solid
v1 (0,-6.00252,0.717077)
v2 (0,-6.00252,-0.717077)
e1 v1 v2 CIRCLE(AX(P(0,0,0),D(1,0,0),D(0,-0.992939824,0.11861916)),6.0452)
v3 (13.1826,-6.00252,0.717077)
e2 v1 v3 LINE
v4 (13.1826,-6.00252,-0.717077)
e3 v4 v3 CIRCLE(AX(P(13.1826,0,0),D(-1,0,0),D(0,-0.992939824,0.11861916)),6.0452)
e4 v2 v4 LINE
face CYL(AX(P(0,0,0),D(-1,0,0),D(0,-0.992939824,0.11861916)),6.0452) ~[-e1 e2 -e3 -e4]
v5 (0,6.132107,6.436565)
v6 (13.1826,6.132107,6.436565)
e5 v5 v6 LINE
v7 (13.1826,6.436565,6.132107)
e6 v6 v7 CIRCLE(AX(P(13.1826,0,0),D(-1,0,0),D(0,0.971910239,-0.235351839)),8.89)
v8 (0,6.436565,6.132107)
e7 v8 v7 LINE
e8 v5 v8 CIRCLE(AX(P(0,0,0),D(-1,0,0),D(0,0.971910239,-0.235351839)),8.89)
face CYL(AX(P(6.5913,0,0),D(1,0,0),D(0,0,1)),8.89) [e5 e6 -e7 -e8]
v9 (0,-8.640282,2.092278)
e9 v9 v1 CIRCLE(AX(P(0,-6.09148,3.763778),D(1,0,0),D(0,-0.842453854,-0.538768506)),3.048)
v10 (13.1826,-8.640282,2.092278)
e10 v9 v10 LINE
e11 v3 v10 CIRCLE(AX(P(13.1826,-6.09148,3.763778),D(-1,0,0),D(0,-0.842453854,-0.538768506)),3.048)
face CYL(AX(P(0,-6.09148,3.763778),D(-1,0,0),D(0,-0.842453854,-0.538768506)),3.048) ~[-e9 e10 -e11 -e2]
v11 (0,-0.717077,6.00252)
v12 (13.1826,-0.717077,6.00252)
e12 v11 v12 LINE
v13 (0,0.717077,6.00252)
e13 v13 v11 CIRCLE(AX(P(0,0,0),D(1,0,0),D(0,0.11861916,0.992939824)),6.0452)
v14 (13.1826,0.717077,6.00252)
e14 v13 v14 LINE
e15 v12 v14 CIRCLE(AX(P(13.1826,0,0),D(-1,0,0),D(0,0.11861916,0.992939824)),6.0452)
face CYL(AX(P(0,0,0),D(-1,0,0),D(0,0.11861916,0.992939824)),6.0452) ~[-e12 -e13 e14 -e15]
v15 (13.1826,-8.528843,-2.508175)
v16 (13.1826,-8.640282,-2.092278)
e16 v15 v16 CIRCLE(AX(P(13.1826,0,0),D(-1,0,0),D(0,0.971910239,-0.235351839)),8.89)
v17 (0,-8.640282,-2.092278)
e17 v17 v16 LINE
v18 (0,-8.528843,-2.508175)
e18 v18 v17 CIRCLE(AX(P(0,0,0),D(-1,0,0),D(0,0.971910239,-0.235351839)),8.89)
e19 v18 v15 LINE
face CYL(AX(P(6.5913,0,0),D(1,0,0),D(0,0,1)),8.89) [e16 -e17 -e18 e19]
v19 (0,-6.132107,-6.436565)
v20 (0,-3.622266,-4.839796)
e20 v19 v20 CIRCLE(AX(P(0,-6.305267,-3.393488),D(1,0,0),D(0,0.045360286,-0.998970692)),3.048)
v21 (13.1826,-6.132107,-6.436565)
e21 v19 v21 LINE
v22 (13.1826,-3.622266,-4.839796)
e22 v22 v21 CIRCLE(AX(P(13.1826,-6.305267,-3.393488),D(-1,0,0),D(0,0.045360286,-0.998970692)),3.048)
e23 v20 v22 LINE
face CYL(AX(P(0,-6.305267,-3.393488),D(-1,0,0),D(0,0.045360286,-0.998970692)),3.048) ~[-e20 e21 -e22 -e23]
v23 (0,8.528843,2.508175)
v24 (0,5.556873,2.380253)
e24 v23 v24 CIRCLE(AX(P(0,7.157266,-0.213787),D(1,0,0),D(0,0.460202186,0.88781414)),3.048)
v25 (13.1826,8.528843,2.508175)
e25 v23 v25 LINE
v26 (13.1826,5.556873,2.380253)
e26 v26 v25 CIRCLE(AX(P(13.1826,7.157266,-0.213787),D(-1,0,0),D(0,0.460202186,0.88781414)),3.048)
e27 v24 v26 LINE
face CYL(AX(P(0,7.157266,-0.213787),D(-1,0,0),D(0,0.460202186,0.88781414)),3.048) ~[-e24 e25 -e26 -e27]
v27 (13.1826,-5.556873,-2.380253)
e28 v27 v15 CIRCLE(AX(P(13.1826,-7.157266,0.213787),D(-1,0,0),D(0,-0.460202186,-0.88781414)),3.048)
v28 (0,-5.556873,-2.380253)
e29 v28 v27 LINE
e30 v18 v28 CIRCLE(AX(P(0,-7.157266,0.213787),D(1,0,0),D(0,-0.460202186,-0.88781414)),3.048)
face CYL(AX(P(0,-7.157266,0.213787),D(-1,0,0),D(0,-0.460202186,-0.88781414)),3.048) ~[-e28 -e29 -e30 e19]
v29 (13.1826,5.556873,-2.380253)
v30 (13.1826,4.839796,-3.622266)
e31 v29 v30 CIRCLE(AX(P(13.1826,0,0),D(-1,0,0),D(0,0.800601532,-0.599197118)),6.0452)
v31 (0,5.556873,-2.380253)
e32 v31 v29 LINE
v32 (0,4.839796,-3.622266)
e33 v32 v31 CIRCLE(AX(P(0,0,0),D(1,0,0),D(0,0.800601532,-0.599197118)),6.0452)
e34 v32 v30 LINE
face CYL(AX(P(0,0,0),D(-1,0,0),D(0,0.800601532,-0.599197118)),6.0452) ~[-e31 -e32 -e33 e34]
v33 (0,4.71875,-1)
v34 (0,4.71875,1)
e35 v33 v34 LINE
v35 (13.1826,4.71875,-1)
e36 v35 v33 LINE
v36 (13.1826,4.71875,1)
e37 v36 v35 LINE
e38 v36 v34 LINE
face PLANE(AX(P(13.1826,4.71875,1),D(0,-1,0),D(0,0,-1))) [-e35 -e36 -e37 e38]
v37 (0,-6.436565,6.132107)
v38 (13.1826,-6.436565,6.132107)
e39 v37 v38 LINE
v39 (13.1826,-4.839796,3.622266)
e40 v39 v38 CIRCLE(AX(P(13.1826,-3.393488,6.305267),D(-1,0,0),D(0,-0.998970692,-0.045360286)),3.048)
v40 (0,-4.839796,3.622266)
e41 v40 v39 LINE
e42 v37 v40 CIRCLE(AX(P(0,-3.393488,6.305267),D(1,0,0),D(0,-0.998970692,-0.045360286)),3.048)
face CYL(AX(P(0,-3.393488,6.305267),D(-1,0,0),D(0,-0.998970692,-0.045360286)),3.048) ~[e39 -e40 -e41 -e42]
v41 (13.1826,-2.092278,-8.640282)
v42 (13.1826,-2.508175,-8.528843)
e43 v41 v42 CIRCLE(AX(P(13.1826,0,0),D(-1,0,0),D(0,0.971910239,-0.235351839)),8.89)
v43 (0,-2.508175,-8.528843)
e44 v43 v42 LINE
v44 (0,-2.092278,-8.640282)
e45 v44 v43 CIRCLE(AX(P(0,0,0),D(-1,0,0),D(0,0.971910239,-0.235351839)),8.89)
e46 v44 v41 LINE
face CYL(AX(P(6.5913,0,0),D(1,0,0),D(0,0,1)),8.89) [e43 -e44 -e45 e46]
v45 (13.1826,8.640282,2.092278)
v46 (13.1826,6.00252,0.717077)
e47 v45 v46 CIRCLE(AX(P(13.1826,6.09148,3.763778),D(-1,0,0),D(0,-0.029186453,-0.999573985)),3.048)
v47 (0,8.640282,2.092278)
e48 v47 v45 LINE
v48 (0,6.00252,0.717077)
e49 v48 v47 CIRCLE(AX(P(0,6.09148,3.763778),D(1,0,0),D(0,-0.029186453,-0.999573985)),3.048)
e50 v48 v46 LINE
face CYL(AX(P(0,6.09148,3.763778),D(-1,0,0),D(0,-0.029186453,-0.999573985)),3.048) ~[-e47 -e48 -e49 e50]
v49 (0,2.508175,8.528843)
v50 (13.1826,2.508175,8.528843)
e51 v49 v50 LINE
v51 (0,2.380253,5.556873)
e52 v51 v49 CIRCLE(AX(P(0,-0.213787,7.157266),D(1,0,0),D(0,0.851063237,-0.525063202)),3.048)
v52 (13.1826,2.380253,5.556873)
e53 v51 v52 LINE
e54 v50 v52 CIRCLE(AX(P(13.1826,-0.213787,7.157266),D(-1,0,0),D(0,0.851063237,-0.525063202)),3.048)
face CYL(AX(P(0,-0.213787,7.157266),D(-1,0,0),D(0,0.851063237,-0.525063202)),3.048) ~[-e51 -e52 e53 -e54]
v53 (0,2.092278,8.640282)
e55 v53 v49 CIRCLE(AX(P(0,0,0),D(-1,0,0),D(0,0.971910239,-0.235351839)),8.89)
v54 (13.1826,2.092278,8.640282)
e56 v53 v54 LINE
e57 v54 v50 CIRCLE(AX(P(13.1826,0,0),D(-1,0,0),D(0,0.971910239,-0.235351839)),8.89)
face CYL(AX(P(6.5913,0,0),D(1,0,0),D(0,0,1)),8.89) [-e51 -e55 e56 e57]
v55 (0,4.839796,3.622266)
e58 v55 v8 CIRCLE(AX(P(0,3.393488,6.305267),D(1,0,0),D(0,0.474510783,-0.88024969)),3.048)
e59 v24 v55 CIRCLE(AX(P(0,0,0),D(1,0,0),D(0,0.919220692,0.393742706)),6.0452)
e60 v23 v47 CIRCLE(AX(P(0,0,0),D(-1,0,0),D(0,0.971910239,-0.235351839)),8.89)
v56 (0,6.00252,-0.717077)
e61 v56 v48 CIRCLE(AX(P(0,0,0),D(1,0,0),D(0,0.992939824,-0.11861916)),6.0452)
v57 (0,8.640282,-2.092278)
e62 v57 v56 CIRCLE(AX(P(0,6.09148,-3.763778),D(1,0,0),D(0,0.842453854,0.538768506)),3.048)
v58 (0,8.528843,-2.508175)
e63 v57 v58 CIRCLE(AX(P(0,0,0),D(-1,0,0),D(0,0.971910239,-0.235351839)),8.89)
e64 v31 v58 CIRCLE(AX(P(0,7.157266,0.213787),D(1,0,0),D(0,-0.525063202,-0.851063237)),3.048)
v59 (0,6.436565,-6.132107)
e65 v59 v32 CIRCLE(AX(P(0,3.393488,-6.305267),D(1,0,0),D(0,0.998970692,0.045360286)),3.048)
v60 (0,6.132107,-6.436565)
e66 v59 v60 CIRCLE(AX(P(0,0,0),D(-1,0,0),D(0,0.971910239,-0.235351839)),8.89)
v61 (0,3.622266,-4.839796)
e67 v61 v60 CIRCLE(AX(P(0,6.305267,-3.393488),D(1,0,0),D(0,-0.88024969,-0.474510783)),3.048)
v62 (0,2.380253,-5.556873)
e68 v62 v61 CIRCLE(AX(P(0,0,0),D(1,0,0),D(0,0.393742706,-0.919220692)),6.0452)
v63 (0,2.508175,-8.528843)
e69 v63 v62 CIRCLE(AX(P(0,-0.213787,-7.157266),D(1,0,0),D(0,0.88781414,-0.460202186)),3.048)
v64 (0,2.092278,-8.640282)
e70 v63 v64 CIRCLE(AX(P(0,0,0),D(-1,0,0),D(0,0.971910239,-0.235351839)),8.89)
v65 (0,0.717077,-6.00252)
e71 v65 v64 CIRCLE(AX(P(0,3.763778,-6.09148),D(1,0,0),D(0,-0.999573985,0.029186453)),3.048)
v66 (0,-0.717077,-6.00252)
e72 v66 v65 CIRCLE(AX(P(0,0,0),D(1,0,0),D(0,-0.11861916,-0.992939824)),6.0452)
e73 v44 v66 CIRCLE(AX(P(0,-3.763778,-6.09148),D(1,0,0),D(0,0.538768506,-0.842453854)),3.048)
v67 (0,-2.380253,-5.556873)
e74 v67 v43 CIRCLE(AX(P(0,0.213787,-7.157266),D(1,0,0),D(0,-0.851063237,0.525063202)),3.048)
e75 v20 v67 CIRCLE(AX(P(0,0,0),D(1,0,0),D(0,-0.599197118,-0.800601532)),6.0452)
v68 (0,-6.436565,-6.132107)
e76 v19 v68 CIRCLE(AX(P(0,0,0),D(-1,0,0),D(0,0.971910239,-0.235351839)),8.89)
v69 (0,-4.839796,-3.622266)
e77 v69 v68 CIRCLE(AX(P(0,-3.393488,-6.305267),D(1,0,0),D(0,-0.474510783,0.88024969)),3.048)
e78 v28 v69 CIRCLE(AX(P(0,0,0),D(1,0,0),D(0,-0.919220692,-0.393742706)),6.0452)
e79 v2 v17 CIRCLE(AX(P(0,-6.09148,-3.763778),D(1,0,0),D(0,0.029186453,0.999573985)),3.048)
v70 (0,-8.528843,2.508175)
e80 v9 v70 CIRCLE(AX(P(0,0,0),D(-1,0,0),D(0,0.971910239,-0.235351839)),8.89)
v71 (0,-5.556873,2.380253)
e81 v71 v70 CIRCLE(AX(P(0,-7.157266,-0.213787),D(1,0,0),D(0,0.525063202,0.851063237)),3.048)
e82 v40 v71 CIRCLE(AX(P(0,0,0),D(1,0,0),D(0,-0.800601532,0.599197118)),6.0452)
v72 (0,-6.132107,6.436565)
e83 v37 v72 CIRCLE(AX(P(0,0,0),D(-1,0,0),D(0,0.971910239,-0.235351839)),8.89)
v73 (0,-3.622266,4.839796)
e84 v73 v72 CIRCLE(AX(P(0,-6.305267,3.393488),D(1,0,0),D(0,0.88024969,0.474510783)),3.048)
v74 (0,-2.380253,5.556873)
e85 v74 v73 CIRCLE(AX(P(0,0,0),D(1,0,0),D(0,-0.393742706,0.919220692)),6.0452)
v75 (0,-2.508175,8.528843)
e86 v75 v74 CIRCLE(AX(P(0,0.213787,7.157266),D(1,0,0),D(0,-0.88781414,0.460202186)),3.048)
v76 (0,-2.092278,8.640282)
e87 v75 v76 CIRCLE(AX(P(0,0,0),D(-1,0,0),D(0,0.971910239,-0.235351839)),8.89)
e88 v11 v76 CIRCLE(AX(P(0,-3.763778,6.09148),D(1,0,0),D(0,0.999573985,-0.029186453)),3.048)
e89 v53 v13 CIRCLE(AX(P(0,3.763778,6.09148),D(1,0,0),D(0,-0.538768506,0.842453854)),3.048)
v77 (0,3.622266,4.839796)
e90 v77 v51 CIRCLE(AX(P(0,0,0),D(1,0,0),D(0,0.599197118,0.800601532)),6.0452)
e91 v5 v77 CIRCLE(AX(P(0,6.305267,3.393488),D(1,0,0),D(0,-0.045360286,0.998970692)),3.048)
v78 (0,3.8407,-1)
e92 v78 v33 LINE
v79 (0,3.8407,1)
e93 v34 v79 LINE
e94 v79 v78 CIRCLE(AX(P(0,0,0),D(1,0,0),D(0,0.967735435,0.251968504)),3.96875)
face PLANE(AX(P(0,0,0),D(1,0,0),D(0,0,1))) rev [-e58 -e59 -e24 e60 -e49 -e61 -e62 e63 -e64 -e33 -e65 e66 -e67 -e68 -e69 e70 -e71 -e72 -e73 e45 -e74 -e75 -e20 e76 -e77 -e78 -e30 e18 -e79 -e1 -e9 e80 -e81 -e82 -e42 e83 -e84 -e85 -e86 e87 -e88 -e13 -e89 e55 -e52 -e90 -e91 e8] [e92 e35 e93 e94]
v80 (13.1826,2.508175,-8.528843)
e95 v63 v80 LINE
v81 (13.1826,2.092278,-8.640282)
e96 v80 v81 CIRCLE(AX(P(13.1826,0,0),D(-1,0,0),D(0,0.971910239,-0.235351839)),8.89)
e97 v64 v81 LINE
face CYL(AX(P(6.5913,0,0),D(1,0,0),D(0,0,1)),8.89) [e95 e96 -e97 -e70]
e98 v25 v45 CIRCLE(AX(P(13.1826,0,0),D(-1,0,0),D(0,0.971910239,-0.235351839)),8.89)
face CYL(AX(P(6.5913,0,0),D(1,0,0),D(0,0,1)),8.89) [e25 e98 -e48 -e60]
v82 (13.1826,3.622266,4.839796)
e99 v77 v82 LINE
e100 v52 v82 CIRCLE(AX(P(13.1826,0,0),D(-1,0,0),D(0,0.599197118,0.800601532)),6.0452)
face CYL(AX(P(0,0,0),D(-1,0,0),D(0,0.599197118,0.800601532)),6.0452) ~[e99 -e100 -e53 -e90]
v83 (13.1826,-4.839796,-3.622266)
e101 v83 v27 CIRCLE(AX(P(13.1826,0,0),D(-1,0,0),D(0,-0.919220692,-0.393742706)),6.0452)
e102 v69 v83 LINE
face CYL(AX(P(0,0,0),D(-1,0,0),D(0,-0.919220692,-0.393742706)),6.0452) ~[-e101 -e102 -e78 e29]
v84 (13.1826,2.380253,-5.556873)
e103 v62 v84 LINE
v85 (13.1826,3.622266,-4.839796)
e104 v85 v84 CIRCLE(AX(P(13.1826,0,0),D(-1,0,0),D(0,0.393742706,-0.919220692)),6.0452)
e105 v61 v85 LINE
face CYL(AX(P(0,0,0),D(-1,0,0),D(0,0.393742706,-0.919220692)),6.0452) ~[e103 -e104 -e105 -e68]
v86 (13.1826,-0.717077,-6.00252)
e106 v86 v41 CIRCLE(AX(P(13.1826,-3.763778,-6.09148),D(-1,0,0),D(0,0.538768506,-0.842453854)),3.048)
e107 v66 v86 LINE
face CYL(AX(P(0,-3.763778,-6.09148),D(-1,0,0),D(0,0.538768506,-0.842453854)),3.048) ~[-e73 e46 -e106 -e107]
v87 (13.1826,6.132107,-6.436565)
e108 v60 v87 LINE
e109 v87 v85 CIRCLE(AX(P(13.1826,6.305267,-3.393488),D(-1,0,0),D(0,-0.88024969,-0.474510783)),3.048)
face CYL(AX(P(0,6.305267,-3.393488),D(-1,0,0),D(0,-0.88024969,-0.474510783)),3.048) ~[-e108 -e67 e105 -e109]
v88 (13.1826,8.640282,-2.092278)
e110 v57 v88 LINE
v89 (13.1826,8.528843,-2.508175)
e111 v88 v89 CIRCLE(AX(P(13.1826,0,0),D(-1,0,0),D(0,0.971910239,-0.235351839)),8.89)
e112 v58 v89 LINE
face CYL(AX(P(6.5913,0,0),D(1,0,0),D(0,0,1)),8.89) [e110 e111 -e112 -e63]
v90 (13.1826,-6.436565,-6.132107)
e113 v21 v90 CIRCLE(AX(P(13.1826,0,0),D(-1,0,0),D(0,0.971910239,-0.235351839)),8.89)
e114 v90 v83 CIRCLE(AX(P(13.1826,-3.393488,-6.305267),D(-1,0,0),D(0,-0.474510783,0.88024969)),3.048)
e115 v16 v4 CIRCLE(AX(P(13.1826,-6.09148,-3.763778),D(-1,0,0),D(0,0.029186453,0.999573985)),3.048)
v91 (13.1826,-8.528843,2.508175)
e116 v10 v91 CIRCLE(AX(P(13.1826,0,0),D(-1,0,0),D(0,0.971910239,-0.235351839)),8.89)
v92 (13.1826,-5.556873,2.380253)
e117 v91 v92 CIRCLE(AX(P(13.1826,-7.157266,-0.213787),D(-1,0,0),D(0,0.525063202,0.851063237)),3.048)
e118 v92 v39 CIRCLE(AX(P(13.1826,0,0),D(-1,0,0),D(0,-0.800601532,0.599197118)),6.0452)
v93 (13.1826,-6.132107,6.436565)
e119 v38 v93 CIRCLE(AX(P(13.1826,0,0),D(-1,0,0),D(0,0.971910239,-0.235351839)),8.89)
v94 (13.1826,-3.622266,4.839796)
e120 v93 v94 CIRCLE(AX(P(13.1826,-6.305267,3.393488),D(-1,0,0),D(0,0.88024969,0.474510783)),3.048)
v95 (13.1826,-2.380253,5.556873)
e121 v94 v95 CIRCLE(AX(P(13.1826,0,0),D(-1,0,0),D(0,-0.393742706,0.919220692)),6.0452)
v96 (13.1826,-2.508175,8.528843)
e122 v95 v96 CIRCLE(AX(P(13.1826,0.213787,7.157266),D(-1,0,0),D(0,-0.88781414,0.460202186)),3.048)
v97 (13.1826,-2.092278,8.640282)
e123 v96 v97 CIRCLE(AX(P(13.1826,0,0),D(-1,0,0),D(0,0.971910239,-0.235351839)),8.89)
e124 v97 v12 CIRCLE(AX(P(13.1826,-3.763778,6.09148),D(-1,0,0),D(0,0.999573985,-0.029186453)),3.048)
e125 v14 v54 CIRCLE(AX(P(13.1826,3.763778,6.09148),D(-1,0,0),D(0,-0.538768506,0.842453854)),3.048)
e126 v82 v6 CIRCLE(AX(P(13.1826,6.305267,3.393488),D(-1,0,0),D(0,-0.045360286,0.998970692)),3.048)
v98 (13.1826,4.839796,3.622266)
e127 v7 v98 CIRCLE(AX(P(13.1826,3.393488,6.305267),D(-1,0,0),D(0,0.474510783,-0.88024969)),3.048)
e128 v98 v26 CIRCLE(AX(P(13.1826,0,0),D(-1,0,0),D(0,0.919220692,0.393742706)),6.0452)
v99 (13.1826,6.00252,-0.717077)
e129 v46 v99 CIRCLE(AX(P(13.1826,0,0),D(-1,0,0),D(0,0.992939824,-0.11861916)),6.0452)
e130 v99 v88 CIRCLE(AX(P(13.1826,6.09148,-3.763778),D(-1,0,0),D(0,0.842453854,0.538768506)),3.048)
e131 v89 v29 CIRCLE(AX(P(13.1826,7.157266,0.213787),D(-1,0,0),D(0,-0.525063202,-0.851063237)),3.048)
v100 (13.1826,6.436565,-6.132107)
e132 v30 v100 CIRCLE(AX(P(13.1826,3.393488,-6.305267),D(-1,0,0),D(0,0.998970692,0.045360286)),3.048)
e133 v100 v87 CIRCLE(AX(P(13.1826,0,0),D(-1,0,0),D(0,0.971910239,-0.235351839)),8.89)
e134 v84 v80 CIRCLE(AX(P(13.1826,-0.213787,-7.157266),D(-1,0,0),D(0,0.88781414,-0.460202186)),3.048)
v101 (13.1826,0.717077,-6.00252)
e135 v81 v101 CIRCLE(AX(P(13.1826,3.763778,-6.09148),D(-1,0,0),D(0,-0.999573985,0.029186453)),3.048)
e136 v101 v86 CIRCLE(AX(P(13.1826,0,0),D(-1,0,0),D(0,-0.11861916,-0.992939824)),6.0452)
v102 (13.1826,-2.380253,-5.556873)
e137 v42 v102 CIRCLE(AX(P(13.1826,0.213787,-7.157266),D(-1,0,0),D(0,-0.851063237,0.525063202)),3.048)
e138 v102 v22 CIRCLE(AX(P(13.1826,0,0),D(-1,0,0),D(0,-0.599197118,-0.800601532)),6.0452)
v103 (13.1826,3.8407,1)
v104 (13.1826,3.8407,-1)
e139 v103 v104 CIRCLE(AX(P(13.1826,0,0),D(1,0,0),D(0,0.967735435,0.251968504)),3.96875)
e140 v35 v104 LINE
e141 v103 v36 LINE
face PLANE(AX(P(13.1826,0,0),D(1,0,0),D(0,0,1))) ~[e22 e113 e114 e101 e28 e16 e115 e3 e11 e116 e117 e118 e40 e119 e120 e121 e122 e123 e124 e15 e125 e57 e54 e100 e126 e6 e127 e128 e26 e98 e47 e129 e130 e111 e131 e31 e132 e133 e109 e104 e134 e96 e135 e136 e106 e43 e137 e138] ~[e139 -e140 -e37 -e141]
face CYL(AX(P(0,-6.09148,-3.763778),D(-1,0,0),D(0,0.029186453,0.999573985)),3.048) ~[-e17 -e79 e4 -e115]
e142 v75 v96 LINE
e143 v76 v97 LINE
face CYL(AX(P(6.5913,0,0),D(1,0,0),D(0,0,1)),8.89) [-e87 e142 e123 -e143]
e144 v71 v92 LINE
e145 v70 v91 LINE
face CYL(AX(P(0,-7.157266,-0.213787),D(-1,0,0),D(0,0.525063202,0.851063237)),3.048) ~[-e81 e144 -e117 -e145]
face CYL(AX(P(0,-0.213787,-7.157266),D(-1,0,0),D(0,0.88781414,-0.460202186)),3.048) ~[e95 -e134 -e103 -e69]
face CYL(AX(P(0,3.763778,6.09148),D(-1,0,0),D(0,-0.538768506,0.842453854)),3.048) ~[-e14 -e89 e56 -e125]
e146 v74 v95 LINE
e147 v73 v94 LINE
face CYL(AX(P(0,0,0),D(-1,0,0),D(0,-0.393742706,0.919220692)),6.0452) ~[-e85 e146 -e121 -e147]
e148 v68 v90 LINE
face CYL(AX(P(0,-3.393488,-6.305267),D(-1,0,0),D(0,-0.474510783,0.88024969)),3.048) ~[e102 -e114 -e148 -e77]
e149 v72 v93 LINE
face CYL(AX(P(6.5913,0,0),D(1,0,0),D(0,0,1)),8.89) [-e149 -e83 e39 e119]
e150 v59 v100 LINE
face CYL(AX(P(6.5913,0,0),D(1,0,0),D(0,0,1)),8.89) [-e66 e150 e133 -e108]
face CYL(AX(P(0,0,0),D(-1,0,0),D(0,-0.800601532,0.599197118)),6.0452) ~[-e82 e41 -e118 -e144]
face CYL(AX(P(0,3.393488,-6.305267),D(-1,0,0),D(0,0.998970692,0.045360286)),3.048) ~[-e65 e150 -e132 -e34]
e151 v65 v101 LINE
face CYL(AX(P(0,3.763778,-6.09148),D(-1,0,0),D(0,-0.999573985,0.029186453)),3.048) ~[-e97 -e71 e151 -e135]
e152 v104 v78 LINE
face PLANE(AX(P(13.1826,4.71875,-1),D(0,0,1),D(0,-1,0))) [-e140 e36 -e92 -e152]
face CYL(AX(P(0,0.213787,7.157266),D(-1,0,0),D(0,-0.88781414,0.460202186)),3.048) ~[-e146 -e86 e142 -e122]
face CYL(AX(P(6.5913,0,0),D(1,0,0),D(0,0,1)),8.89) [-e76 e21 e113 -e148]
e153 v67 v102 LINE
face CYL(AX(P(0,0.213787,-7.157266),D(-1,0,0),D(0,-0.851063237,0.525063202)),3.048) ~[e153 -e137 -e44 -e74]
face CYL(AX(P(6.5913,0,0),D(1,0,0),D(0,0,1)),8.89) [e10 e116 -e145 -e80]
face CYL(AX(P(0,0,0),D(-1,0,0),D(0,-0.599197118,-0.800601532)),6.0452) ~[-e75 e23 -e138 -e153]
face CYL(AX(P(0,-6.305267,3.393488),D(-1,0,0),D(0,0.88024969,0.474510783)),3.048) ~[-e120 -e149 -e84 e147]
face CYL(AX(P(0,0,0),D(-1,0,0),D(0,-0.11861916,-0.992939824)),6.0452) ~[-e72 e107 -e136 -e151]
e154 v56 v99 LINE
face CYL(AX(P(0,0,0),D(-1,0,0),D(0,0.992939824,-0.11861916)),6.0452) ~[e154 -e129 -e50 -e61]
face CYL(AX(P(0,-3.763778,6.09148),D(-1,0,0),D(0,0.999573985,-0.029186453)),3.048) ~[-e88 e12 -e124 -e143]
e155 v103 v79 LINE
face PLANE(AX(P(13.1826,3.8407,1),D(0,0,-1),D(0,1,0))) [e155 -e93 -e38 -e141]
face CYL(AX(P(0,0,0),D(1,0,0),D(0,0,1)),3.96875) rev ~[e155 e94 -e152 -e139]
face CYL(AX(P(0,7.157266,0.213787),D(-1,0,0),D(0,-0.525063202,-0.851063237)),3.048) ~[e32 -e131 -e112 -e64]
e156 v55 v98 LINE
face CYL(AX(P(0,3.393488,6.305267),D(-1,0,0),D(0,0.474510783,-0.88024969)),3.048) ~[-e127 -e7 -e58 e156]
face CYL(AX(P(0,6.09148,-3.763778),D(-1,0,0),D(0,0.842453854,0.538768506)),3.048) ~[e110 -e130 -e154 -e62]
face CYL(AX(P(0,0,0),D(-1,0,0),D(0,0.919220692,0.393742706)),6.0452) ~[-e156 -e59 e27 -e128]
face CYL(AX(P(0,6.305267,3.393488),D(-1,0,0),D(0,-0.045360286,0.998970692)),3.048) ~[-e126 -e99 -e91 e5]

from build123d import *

# Parameters (mm, degrees)
BASPROSKE_W        = 13.1826
BASPROSKE_H        = 8.89
TOOTHCUT_DEPTH     = 19.216617215
TEETHCUTS_COUNT    = 12
TEETHCUTS_ANGLE    = 330
BORSKE_R           = 3.96875
BORE_DEPTH         = 13.1826508
CUT_EXTRUDE1_DEPTH = 18.974701376


with BuildPart() as part:
    # BasProSke → Base-Revolve (revolve)
    with BuildSketch(Plane(origin=(0, 0, 0), x_dir=(1, 0, 0), z_dir=(0, 1, 0)), mode=Mode.PRIVATE) as base_revolve_sk:
        with Locations((6.5913, 4.445)):
            Rectangle(BASPROSKE_W, BASPROSKE_H)
    revolve(base_revolve_sk.sketch.rotate(Axis((-10, 0, 0), (1, 0, 0)), 180), axis=Axis((-10, 0, 0), (1, 0, 0)))

    # TooCutSke → ToothCut (cut, through all)
    with BuildSketch(Plane(origin=(0, 0, 0), x_dir=(0, 0, -1), z_dir=(1, 0, 0))):
        with BuildLine():
            ThreePointArc((0.717076553, 6.002519826), (0, 6.0452), (-0.717076553, 6.002519826))
            ThreePointArc((-0.717076553, 6.002519826), (-1.069160545, 7.516029346), (-2.121611652, 8.659279483))
            ThreePointArc((-2.121611652, 8.659279483), (0, 8.9154), (2.121611652, 8.659279483))
            ThreePointArc((2.121611652, 8.659279483), (1.069160545, 7.516029346), (0.717076553, 6.002519826))
        make_face()
    toothcut = extrude(amount=TOOTHCUT_DEPTH, mode=Mode.SUBTRACT)

    # TeethCuts: ToothCut ×12 about axis
    teethcuts_axis = Axis((-10, 0, 0), (1, 0, 0))
    for i in range(1, TEETHCUTS_COUNT):
        add(toothcut.rotate(teethcuts_axis, i * TEETHCUTS_ANGLE / (TEETHCUTS_COUNT - 1)), mode=Mode.SUBTRACT)

    # BorSke → Bore (cut, symmetric)
    with BuildSketch(Plane(origin=(0, 0, 0), x_dir=(0, 0, -1), z_dir=(1, 0, 0))):
        with Locations(Location((0, 0, 0), (0, 0, 180))):
            Circle(BORSKE_R)
    extrude(amount=BORE_DEPTH, both=True, mode=Mode.SUBTRACT)

    # Sketch1 → Cut-Extrude1 (cut, through all)
    with BuildSketch(Plane(origin=(13.1826, 0, 0), x_dir=(0, 0, -1), z_dir=(1, 0, 0))):
        with BuildLine():
            Line((-1, 3.840700009), (-1, 4.71875))
            Line((-1, 4.71875), (1, 4.71875))
            Line((1, 4.71875), (1, 3.840700009))
            ThreePointArc((1, 3.840700009), (0, 3.96875), (-1, 3.840700009))
        make_face()
    extrude(amount=-CUT_EXTRUDE1_DEPTH, mode=Mode.SUBTRACT)


solid = part.part
